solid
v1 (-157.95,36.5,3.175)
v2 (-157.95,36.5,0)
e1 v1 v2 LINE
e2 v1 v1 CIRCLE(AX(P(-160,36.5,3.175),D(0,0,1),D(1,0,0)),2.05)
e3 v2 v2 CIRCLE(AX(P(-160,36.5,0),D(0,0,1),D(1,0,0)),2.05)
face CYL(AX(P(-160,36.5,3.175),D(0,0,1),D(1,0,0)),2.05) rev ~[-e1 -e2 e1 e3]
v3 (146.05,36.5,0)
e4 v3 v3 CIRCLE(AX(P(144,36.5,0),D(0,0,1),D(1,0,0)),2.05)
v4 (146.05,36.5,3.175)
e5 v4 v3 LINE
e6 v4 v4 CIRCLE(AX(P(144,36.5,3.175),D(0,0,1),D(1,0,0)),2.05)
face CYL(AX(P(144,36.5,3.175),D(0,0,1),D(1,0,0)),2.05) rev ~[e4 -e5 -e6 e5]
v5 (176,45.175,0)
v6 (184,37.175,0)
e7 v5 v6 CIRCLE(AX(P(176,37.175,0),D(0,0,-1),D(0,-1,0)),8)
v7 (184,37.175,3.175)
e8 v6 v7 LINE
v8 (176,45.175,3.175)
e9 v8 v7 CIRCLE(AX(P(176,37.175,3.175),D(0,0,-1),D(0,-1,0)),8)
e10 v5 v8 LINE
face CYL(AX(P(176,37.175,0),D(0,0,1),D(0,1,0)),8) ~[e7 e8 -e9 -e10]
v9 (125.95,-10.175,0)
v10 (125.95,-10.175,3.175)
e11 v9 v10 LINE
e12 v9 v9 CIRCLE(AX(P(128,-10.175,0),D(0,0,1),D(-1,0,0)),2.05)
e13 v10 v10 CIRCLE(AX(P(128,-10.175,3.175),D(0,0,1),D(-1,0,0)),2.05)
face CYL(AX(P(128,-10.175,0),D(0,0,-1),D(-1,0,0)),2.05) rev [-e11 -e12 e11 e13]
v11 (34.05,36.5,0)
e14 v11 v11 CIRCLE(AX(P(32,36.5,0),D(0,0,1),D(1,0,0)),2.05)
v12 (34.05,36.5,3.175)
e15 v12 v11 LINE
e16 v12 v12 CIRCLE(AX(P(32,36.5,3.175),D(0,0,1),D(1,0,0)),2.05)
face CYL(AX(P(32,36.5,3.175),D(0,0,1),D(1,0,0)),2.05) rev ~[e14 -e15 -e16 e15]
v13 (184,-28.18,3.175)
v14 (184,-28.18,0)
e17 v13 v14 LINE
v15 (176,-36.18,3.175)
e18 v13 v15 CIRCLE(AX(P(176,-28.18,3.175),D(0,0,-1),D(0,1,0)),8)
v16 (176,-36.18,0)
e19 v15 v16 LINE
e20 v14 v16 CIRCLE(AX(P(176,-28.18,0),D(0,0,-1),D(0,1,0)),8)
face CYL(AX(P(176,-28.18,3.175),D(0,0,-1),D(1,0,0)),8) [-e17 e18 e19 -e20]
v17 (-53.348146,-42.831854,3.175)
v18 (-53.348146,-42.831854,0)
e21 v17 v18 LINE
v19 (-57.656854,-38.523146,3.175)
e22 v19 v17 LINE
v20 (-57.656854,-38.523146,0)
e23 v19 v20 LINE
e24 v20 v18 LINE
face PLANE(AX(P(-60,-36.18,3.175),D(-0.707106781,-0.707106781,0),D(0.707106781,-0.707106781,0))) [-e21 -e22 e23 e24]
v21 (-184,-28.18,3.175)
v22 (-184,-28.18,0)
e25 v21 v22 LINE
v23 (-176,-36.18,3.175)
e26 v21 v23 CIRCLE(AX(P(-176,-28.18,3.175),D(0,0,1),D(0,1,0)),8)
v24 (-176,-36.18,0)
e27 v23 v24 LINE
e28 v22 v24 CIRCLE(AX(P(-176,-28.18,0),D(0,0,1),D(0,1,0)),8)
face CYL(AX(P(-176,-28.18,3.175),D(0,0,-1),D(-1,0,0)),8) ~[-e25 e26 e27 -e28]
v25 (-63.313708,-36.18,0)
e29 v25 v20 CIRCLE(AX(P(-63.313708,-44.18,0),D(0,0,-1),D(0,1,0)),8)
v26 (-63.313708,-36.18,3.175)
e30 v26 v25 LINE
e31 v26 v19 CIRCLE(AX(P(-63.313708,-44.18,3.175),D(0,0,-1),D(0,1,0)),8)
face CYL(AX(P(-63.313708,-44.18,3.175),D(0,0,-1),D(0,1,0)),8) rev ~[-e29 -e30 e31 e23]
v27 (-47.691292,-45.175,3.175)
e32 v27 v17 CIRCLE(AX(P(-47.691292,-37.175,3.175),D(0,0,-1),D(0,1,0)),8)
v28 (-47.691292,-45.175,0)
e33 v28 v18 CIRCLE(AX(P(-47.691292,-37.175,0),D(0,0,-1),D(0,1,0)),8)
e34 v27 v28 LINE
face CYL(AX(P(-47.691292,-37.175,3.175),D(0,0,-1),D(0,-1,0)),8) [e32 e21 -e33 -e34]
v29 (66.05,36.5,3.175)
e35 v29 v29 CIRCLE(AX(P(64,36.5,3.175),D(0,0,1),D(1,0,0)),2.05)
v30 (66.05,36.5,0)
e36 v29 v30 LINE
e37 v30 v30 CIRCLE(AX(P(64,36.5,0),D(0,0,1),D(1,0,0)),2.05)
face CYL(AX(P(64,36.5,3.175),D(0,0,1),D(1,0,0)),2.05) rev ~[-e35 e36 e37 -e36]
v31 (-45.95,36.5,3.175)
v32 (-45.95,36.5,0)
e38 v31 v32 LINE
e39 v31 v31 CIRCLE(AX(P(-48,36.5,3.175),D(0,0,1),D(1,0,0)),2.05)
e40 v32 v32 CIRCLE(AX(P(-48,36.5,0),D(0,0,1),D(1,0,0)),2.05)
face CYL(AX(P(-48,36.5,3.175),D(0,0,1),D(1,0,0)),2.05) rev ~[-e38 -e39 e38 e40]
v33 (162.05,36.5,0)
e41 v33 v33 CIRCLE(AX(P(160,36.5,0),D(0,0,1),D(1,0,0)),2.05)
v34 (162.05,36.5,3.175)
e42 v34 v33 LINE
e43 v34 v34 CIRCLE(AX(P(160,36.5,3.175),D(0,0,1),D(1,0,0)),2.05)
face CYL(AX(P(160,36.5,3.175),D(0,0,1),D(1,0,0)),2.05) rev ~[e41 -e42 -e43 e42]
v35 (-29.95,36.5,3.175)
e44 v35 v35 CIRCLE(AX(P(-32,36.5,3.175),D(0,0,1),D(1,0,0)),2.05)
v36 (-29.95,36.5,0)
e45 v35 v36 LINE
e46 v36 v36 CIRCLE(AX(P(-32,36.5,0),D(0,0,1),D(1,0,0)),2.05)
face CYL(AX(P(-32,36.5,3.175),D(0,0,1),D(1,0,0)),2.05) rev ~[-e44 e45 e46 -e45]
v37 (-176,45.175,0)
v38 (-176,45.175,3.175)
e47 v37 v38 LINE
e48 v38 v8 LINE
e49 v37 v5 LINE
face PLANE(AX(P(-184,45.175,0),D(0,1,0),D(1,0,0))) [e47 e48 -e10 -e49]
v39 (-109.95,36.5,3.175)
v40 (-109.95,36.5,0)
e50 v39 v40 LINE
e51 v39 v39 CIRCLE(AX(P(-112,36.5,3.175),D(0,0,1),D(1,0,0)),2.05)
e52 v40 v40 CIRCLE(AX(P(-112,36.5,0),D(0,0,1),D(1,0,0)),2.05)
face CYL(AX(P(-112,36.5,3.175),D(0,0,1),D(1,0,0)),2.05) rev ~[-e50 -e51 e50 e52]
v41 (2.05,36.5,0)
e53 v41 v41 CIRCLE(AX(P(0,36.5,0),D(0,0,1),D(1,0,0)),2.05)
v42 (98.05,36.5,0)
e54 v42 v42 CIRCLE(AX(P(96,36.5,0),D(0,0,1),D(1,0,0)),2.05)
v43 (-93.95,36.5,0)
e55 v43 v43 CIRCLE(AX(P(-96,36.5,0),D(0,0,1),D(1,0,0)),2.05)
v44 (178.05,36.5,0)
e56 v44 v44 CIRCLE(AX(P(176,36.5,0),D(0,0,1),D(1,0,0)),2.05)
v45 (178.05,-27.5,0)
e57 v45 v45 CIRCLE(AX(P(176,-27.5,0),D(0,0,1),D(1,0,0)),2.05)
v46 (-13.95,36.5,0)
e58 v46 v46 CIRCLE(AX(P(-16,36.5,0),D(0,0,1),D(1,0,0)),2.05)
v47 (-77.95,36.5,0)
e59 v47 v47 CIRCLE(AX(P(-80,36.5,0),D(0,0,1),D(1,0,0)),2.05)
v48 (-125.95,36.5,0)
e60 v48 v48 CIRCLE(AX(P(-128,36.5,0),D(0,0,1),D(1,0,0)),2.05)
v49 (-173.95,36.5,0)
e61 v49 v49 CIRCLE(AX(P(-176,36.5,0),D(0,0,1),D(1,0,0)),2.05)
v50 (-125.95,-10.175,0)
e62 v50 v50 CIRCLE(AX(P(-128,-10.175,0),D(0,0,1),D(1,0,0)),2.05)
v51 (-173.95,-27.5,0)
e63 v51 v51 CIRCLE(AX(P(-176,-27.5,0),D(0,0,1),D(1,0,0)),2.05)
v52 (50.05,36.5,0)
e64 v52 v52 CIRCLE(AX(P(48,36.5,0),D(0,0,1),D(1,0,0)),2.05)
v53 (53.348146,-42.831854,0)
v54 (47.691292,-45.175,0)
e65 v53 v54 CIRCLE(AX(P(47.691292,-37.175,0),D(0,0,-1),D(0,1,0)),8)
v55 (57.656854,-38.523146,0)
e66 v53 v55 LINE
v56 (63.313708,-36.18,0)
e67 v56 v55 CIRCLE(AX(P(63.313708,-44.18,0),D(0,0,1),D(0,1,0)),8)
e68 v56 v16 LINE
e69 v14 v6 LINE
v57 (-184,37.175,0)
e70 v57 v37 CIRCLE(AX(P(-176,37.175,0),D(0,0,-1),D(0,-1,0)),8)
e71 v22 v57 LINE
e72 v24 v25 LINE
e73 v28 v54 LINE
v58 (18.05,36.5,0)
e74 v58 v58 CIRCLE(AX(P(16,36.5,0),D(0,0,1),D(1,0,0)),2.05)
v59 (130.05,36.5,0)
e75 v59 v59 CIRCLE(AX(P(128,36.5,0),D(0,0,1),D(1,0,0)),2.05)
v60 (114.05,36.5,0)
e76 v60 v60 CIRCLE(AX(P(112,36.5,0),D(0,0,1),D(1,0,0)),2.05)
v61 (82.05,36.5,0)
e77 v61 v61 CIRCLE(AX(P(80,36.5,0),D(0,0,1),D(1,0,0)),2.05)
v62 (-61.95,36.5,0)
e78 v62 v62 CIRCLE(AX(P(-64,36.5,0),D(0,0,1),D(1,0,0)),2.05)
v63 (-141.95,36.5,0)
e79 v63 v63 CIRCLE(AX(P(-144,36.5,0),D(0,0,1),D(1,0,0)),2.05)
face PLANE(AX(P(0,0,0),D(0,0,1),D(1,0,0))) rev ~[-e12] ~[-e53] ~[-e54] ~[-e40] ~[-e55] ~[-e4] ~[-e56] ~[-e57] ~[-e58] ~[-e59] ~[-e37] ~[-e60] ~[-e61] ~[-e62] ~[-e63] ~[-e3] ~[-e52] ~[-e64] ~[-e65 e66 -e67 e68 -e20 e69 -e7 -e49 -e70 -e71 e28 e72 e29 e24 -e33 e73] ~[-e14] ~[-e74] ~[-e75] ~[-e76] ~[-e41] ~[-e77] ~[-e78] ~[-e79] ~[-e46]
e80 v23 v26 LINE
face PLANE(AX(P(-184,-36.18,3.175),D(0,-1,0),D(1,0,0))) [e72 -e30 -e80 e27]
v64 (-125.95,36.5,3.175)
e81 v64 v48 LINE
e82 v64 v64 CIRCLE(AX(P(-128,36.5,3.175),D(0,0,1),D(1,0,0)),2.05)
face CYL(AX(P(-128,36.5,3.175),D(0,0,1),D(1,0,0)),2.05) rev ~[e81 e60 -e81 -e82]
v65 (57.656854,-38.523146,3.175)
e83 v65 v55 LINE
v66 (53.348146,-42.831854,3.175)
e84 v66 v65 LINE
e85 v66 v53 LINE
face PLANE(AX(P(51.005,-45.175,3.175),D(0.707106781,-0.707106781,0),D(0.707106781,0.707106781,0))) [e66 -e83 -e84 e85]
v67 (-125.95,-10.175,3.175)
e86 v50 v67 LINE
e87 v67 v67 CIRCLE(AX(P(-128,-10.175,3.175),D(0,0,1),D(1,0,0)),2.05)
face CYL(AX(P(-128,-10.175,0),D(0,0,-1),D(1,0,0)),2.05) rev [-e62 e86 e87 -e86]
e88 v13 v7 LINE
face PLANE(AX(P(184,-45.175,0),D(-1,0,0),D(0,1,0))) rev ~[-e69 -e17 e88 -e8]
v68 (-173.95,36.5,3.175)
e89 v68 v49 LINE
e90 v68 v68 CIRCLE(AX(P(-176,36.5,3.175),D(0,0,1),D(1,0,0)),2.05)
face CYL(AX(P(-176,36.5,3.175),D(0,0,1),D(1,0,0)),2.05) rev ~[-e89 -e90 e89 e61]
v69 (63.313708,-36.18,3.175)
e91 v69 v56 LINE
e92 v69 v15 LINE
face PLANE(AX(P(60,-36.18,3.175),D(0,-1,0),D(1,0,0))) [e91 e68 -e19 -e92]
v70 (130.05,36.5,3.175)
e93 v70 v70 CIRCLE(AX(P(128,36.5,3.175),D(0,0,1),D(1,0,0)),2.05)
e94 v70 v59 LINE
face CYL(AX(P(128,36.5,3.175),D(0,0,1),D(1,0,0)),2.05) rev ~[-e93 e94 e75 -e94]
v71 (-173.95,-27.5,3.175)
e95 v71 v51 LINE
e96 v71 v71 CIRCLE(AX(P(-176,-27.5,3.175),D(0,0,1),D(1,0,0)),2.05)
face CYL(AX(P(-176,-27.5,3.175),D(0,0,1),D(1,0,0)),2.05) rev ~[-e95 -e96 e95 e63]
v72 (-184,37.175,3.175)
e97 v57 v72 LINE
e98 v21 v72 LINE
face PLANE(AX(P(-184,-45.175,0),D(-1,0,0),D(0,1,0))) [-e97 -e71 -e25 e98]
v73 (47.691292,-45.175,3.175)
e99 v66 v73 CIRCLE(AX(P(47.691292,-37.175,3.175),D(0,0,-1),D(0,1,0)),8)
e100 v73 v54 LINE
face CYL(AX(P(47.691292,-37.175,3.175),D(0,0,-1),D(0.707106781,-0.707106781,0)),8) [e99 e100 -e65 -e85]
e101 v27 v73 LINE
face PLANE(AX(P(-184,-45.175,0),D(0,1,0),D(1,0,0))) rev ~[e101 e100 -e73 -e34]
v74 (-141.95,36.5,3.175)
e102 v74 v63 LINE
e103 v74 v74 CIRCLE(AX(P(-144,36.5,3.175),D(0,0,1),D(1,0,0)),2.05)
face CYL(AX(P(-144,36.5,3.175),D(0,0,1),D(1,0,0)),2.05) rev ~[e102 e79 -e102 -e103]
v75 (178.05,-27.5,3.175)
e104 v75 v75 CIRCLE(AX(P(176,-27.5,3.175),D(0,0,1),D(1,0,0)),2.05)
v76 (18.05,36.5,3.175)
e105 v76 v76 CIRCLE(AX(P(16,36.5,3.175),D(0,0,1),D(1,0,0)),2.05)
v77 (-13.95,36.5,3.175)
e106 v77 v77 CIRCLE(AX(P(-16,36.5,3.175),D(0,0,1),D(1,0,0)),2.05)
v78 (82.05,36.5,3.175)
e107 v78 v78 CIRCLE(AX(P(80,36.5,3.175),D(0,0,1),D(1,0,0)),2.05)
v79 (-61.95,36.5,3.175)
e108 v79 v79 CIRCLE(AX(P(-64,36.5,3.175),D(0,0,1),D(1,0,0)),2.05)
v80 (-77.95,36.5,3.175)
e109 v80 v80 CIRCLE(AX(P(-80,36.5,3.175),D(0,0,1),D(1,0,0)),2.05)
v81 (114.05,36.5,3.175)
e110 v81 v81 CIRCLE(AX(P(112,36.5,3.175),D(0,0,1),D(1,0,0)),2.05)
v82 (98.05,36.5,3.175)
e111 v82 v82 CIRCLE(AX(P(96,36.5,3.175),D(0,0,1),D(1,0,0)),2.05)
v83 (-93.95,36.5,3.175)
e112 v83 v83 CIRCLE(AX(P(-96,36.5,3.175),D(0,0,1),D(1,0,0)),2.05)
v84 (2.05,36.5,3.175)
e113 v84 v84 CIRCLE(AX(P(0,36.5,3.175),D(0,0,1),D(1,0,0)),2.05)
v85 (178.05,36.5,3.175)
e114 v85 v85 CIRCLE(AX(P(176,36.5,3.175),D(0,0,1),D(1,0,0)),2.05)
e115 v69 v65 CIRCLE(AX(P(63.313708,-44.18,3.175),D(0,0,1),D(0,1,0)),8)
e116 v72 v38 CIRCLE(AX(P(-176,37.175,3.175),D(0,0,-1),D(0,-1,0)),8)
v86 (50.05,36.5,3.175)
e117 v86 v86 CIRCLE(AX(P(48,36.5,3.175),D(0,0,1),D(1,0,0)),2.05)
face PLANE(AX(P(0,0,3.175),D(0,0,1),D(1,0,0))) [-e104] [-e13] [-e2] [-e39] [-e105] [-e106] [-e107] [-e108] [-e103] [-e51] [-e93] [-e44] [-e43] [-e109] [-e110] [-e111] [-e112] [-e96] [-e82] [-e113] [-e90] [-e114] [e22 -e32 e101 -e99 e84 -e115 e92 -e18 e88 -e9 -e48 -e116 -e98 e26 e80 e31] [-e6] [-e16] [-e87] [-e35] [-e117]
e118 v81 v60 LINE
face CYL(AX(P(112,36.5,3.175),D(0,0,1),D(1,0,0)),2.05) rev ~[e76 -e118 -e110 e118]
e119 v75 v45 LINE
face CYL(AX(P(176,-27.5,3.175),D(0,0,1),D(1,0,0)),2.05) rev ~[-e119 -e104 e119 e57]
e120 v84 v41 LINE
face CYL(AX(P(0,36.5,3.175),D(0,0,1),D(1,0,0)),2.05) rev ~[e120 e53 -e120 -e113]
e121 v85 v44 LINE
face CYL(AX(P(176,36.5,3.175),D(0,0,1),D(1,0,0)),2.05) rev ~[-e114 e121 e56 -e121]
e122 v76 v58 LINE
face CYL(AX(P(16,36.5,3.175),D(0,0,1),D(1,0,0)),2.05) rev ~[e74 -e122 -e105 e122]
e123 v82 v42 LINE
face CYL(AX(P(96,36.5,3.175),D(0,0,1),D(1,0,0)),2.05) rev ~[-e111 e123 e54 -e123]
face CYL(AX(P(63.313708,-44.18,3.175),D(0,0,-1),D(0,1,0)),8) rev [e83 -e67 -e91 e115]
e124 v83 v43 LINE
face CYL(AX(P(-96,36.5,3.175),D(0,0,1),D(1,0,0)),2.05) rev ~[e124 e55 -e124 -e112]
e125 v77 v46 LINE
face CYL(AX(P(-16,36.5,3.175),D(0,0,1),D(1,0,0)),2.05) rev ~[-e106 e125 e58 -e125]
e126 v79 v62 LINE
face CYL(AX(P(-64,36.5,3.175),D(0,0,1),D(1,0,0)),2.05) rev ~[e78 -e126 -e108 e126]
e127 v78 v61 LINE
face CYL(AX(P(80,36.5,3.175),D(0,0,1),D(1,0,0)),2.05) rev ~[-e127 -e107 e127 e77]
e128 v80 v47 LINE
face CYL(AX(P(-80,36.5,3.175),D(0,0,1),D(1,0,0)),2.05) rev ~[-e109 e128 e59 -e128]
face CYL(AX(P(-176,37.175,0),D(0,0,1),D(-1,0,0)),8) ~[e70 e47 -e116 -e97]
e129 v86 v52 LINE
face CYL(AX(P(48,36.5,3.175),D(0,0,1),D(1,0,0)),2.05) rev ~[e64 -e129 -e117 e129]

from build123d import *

# Parameters (mm, degrees)
SKETCH1_W           = 368
SKETCH1_H           = 90.35
SKETCH1_R           = 2.05
BOSS_EXTRUDE1_DEPTH = 3.175
SKETCH3_R           = 2.05
CUT_EXTRUDE1_DEPTH  = 3.18
CUT_EXTRUDE2_DEPTH  = 10
FILLET1_R           = 8


with BuildPart() as part:
    # Sketch1 → Boss-Extrude1 (new body)
    with BuildSketch(Plane.XY):
        Rectangle(SKETCH1_W, SKETCH1_H)
        with Locations((-128, -10.175)):
            Circle(SKETCH1_R, mode=Mode.SUBTRACT)
        with Locations(Location((128, -10.175, 0), (0, 0, 180))):
            Circle(SKETCH1_R, mode=Mode.SUBTRACT)
    extrude(amount=BOSS_EXTRUDE1_DEPTH)

    # Sketch3 → Cut-Extrude1 (cut)
    with BuildSketch(Plane.XY.offset(3.175)):
        with Locations((-176, 36.5)):
            Circle(SKETCH3_R)
        with Locations((-160, 36.5)):
            Circle(SKETCH3_R)
        with Locations((-144, 36.5)):
            Circle(SKETCH3_R)
        with Locations((-128, 36.5)):
            Circle(SKETCH3_R)
        with Locations((-112, 36.5)):
            Circle(SKETCH3_R)
        with Locations((-96, 36.5)):
            Circle(SKETCH3_R)
        with Locations((-80, 36.5)):
            Circle(SKETCH3_R)
        with Locations((-64, 36.5)):
            Circle(SKETCH3_R)
        with Locations((-48, 36.5)):
            Circle(SKETCH3_R)
        with Locations((-32, 36.5)):
            Circle(SKETCH3_R)
        with Locations((-16, 36.5)):
            Circle(SKETCH3_R)
        with Locations((0, 36.5)):
            Circle(SKETCH3_R)
        with Locations((16, 36.5)):
            Circle(SKETCH3_R)
        with Locations((32, 36.5)):
            Circle(SKETCH3_R)
        with Locations((48, 36.5)):
            Circle(SKETCH3_R)
        with Locations((64, 36.5)):
            Circle(SKETCH3_R)
        with Locations((80, 36.5)):
            Circle(SKETCH3_R)
        with Locations((96, 36.5)):
            Circle(SKETCH3_R)
        with Locations((112, 36.5)):
            Circle(SKETCH3_R)
        with Locations((128, 36.5)):
            Circle(SKETCH3_R)
        with Locations((144, 36.5)):
            Circle(SKETCH3_R)
        with Locations((160, 36.5)):
            Circle(SKETCH3_R)
        with Locations((176, 36.5)):
            Circle(SKETCH3_R)
        with Locations((176, -27.5)):
            Circle(SKETCH3_R)
        with Locations((-176, -27.5)):
            Circle(SKETCH3_R)
    extrude(amount=-CUT_EXTRUDE1_DEPTH, mode=Mode.SUBTRACT)

    # Sketch4 → Cut-Extrude2 (cut)
    with BuildSketch(Plane.XY.offset(3.175)):
        Polygon((-184, -36.18), (-60, -36.18), (-51.005, -45.175), (-184, -45.175), align=None)
        Polygon((184, -36.18), (184, -45.175), (51.005, -45.175), (60, -36.18), align=None)
    extrude(amount=-CUT_EXTRUDE2_DEPTH, mode=Mode.SUBTRACT)

    # Fillet1
    fillet1_edges = [part.edges().sort_by_distance(p)[0] for p in [
        (184, -36.18, 1.5875),
        (-51.005, -45.175, 1.5875),
        (-184, -36.18, 1.5875),
        (-60, -36.18, 1.5875),
        (60, -36.18, 1.5875),
        (51.005, -45.175, 1.5875),
        (-184, 45.175, 1.5875),
        (184, 45.175, 1.5875),
    ]]
    fillet(fillet1_edges, radius=FILLET1_R)


solid = part.part
